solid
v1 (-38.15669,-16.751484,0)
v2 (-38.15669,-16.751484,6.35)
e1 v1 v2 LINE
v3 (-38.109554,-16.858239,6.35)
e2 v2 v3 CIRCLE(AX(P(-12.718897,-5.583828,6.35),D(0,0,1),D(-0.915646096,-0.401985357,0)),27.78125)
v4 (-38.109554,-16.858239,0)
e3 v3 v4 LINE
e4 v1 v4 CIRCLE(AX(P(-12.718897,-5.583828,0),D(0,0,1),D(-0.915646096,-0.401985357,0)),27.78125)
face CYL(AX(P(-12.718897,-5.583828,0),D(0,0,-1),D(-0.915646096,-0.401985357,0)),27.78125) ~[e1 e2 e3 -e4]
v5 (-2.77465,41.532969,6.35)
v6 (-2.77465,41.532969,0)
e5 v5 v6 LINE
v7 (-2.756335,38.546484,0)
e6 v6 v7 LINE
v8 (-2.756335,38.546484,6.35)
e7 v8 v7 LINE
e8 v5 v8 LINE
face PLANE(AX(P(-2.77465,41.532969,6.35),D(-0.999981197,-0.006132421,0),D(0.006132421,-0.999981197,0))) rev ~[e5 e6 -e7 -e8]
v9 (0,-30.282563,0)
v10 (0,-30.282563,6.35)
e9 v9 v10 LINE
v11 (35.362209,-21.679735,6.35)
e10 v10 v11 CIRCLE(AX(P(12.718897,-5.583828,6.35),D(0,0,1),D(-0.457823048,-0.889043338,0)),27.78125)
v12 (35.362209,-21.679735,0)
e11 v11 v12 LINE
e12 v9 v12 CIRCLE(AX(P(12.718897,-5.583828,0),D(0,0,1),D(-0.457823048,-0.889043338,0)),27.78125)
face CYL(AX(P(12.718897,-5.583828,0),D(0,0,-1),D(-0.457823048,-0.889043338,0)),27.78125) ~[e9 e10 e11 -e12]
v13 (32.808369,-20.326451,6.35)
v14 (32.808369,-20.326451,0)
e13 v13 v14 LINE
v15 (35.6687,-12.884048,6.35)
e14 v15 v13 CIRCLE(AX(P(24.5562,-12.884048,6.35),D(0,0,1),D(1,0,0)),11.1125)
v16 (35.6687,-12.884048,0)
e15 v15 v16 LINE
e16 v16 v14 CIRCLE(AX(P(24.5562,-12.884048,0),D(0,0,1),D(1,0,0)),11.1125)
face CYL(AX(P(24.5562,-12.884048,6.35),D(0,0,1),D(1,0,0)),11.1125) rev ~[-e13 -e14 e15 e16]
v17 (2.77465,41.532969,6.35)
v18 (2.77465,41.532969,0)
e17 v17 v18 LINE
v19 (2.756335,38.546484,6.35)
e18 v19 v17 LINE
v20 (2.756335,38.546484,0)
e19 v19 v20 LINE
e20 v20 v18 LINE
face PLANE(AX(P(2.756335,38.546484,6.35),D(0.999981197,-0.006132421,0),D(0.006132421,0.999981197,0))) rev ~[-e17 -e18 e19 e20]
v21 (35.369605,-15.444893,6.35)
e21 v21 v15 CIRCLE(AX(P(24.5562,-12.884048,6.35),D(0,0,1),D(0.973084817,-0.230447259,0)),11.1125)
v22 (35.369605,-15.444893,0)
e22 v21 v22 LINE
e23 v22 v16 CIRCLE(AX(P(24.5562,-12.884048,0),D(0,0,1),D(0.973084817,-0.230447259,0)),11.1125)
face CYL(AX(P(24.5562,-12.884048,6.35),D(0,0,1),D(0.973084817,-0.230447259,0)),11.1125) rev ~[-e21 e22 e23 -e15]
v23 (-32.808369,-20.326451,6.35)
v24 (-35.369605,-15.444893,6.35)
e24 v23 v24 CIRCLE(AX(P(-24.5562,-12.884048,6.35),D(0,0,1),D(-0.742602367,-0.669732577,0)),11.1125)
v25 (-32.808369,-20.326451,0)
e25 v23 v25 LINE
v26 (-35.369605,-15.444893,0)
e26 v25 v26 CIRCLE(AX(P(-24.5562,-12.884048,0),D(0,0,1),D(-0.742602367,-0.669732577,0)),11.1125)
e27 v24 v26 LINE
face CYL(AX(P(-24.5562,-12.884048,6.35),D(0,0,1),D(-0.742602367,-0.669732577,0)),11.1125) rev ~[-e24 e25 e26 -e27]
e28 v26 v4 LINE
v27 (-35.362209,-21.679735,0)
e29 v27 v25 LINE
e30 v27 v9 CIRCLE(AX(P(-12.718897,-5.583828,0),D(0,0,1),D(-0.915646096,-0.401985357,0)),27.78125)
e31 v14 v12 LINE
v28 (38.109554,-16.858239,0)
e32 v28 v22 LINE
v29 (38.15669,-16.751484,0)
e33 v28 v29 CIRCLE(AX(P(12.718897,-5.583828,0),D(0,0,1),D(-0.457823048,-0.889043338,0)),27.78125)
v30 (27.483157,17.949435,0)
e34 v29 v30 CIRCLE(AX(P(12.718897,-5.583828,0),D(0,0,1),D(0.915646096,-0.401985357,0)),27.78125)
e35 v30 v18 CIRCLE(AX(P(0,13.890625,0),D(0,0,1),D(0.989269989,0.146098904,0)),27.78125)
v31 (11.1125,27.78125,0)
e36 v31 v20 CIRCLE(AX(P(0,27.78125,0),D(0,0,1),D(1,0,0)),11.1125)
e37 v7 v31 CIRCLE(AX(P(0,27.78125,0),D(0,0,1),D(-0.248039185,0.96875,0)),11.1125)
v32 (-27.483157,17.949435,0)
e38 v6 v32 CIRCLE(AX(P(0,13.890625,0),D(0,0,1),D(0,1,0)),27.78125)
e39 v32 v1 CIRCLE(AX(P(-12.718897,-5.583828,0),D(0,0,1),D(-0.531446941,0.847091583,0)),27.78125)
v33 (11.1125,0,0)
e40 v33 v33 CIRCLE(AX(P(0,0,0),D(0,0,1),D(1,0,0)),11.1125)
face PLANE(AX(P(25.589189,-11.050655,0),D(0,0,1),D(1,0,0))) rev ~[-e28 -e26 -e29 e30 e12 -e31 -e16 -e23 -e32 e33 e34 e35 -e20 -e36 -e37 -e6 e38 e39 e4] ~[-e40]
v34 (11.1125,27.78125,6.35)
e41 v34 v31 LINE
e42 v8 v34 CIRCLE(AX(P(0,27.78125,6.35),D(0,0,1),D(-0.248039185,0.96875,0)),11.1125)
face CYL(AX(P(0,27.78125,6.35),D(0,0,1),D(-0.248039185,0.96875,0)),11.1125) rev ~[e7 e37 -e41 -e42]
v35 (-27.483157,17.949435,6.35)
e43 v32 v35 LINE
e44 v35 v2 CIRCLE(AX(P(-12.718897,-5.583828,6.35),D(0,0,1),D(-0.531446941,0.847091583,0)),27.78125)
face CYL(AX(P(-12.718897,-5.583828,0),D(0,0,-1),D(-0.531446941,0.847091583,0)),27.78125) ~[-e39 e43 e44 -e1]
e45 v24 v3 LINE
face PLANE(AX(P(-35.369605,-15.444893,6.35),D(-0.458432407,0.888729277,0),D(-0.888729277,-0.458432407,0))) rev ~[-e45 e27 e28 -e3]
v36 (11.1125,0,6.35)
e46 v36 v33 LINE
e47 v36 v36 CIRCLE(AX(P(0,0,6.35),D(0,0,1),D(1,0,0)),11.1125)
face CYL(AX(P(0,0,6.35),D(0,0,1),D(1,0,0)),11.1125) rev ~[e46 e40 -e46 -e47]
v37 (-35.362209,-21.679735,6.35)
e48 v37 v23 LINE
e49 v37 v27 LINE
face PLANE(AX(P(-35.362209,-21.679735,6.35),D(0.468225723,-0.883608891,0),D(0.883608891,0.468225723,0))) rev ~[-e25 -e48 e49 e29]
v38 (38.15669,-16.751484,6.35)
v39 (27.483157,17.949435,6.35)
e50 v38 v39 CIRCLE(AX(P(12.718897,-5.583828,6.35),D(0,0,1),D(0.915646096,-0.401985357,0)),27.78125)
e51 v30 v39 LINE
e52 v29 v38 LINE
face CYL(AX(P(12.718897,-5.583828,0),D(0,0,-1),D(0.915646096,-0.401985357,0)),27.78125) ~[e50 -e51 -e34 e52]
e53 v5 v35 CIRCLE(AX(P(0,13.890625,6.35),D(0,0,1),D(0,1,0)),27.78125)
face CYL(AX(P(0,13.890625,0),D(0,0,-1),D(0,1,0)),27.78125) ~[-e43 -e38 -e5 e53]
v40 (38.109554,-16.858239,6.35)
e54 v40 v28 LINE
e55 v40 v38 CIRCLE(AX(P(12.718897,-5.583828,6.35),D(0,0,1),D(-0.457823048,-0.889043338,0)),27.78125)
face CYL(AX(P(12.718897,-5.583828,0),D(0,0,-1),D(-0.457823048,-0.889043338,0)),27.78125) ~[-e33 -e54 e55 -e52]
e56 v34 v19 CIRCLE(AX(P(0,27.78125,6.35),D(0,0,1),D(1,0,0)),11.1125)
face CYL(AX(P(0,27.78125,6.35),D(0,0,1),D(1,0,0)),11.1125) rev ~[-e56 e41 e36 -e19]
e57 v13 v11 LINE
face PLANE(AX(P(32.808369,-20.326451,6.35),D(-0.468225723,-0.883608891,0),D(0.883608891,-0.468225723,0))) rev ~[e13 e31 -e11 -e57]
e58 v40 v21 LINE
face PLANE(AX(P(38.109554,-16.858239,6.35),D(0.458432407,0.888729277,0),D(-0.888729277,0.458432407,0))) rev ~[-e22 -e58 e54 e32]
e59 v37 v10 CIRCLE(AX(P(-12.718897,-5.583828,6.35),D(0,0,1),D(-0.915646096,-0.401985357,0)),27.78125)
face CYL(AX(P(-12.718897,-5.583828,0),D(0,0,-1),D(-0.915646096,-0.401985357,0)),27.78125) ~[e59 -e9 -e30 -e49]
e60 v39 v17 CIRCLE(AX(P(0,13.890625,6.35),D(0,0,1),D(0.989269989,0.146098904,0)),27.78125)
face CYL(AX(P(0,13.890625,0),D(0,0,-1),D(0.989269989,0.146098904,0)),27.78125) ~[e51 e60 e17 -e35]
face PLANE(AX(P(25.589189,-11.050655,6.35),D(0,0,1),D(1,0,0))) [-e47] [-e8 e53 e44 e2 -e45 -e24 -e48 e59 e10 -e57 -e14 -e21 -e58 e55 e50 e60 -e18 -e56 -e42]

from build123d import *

# Parameters (mm, degrees)
F1_DEPTH = 6.35
F2_R     = 11.1125
F3_DEPTH = 25.4


with BuildPart() as f1:
    # F0 (on Top) → F1 (new body)
    with BuildSketch(Plane.XY):
        with BuildLine():
            ThreePointArc((39.3284180993, -11.1676556984), (28.2905147391, 2.4268815183), (12.7188966218, -5.5838276848))
            ThreePointArc((12.7188966218, -5.5838276848), (19.853965168, -23.886552212), (38.156689649, -16.7514835476))
            ThreePointArc((38.156689649, -16.7514835476), (39.0323303345, -14.0203772503), (39.3284180993, -11.1676556984))
        make_face()
        with BuildLine():
            ThreePointArc((-12.7188965325, -5.5838278884), (-11.6299682207, 7.5956107112), (4.13e-08, 13.890625))
            ThreePointArc((4.13e-08, 13.890625), (-13.890625, 27.7812499794), (0, 41.671875))
            ThreePointArc((0, 41.671875), (-18.1526724101, 34.921039545), (-27.483156869, 17.9494351796))
            ThreePointArc((-27.483156869, 17.9494351796), (-39.2724220199, 2.5836770736), (-38.156689649, -16.7514835476))
            ThreePointArc((-38.156689649, -16.7514835476), (-31.0216209289, 1.5512408599), (-12.7188965325, -5.5838278884))
        make_face()
        with BuildLine():
            ThreePointArc((38.156689649, -16.7514835476), (19.853965168, -23.886552212), (12.7188966218, -5.5838276848))
            ThreePointArc((12.7188966218, -5.5838276848), (1.112e-07, -13.890625), (-12.7188965325, -5.5838278884))
            ThreePointArc((-12.7188965325, -5.5838278884), (-11.8432558598, -8.3149341674), (-11.5471680993, -11.1676556984))
            ThreePointArc((-11.5471680993, -11.1676556984), (-22.5850715474, -24.7621929335), (-38.156689649, -16.7514835476))
            ThreePointArc((-38.156689649, -16.7514835476), (-22.0041057937, -31.7674628309), (0, -30.2825630824))
            ThreePointArc((0, -30.2825630824), (22.0041057937, -31.7674628309), (38.156689649, -16.7514835476))
        make_face()
        with BuildLine():
            ThreePointArc((4.13e-08, 13.890625), (9.822155147, 9.8221551178), (13.890625, 0))
            ThreePointArc((13.890625, 0), (13.5945372536, -2.852721464), (12.7188966218, -5.5838276848))
            ThreePointArc((12.7188966218, -5.5838276848), (28.2905147391, 2.4268815183), (39.3284180993, -11.1676556984))
            ThreePointArc((39.3284180993, -11.1676556984), (39.0323303345, -14.0203772503), (38.156689649, -16.7514835476))
            ThreePointArc((38.156689649, -16.7514835476), (39.2724220199, 2.5836770736), (27.483156869, 17.9494351796))
            ThreePointArc((27.483156869, 17.9494351796), (18.1526724101, 34.921039545), (0, 41.671875))
            ThreePointArc((0, 41.671875), (9.8221551324, 37.6034051324), (13.890625, 27.78125))
            ThreePointArc((13.890625, 27.78125), (9.822155147, 17.9590948822), (4.13e-08, 13.890625))
        make_face()
        with BuildLine():
            ThreePointArc((-11.5471680993, -11.1676556984), (-11.8432558598, -8.3149341674), (-12.7188965325, -5.5838278884))
            ThreePointArc((-12.7188965325, -5.5838278884), (-31.0216209289, 1.5512408599), (-38.156689649, -16.7514835476))
            ThreePointArc((-38.156689649, -16.7514835476), (-22.5850715474, -24.7621929335), (-11.5471680993, -11.1676556984))
        make_face()
        with BuildLine():
            ThreePointArc((12.7188966218, -5.5838276848), (13.5945372536, -2.852721464), (13.890625, 0))
            ThreePointArc((13.890625, 0), (9.822155147, 9.8221551178), (4.13e-08, 13.890625))
            ThreePointArc((4.13e-08, 13.890625), (-11.6299682207, 7.5956107112), (-12.7188965325, -5.5838278884))
            ThreePointArc((-12.7188965325, -5.5838278884), (1.112e-07, -13.890625), (12.7188966218, -5.5838276848))
        make_face()
        with BuildLine():
            ThreePointArc((0, 41.671875), (-13.890625, 27.7812499794), (4.13e-08, 13.890625))
            ThreePointArc((4.13e-08, 13.890625), (9.822155147, 17.9590948822), (13.890625, 27.78125))
            ThreePointArc((13.890625, 27.78125), (9.8221551324, 37.6034051324), (0, 41.671875))
        make_face()
    extrude(amount=F1_DEPTH)

    # F2 (on face) → F3 (cut)
    with BuildSketch(Plane.XY.offset(6.35)):
        Circle(F2_R)
        with BuildLine():
            ThreePointArc((-2.7563354479, 38.546484375), (-6.8138784325, 19.002940541), (11.1125, 27.78125))
            ThreePointArc((11.1125, 27.78125), (8.778309459, 34.5951284325), (2.7563354479, 38.546484375))
            ThreePointArc((2.7563354479, 38.546484375), (1.3890625, 38.8065917916), (0, 38.89375))
            ThreePointArc((0, 38.89375), (-1.3890625, 38.8065917916), (-2.7563354479, 38.546484375))
        make_face()
        with BuildLine():
            ThreePointArc((-32.8083688542, -20.3264513127), (-20.5696332051, -23.2568461842), (-13.4437000492, -12.8840480541))
            ThreePointArc((-13.4437000492, -12.8840480541), (-25.8453262807, -1.846575073), (-35.3696050767, -15.4448932194))
            ThreePointArc((-35.3696050767, -15.4448932194), (-34.9646871017, -16.7764834776), (-34.3964962208, -18.0470149826))
            ThreePointArc((-34.3964962208, -18.0470149826), (-33.6739453696, -19.2365575205), (-32.8083688542, -20.3264513127))
        make_face()
        with BuildLine():
            ThreePointArc((35.3696050767, -15.4448932194), (35.5936730303, -14.1731742856), (35.6687000492, -12.8840480541))
            ThreePointArc((35.6687000492, -12.8840480541), (14.183401919, -8.8974812101), (32.8083688542, -20.3264513127))
            ThreePointArc((32.8083688542, -20.3264513127), (33.6739453696, -19.2365575205), (34.3964962208, -18.0470149826))
            ThreePointArc((34.3964962208, -18.0470149826), (34.9646871017, -16.7764834776), (35.3696050767, -15.4448932194))
        make_face()
        with BuildLine():
            Line((0, 38.89375), (0, 41.671875))
            ThreePointArc((0, 41.671875), (-1.3890625, 41.6371267062), (-2.7746501706, 41.53296875))
            Line((-2.7746501706, 41.53296875), (-2.7563354479, 38.546484375))
            ThreePointArc((-2.7563354479, 38.546484375), (-1.3890625, 38.8065917916), (0, 38.89375))
        make_face()
        with BuildLine():
            ThreePointArc((2.7746501706, 41.53296875), (1.3890625, 41.6371267062), (0, 41.671875))
            Line((0, 41.671875), (0, 38.89375))
            ThreePointArc((0, 38.89375), (1.3890625, 38.8065917916), (2.7563354479, 38.546484375))
            Line((2.7563354479, 38.546484375), (2.7746501706, 41.53296875))
        make_face()
        with BuildLine():
            ThreePointArc((35.3622093256, -21.6797353444), (36.1386828471, -20.5274372306), (36.8565702637, -19.3377567147))
            Line((36.8565702637, -19.3377567147), (34.3964962208, -18.0470149826))
            ThreePointArc((34.3964962208, -18.0470149826), (33.6739453696, -19.2365575205), (32.8083688542, -20.3264513127))
            Line((32.8083688542, -20.3264513127), (35.3622093256, -21.6797353444))
        make_face()
        with BuildLine():
            ThreePointArc((36.8565702637, -19.3377567147), (37.5140757337, -18.1136698592), (38.1095544647, -16.8582387963))
            Line((38.1095544647, -16.8582387963), (35.3696050767, -15.4448932194))
            ThreePointArc((35.3696050767, -15.4448932194), (34.9646871017, -16.7764834776), (34.3964962208, -18.0470149826))
            Line((34.3964962208, -18.0470149826), (36.8565702637, -19.3377567147))
        make_face()
        with BuildLine():
            Line((-34.3964962208, -18.0470149826), (-36.8565702637, -19.3377567147))
            ThreePointArc((-36.8565702637, -19.3377567147), (-36.1386828471, -20.5274372306), (-35.3622093256, -21.6797353444))
            Line((-35.3622093256, -21.6797353444), (-32.8083688542, -20.3264513127))
            ThreePointArc((-32.8083688542, -20.3264513127), (-33.6739453696, -19.2365575205), (-34.3964962208, -18.0470149826))
        make_face()
        with BuildLine():
            Line((-35.3696050767, -15.4448932194), (-38.1095544647, -16.8582387963))
            ThreePointArc((-38.1095544647, -16.8582387963), (-37.5140757337, -18.1136698592), (-36.8565702637, -19.3377567147))
            Line((-36.8565702637, -19.3377567147), (-34.3964962208, -18.0470149826))
            ThreePointArc((-34.3964962208, -18.0470149826), (-34.9646871017, -16.7764834776), (-35.3696050767, -15.4448932194))
        make_face()
    extrude(amount=-F3_DEPTH, mode=Mode.SUBTRACT)


solid = f1.part
